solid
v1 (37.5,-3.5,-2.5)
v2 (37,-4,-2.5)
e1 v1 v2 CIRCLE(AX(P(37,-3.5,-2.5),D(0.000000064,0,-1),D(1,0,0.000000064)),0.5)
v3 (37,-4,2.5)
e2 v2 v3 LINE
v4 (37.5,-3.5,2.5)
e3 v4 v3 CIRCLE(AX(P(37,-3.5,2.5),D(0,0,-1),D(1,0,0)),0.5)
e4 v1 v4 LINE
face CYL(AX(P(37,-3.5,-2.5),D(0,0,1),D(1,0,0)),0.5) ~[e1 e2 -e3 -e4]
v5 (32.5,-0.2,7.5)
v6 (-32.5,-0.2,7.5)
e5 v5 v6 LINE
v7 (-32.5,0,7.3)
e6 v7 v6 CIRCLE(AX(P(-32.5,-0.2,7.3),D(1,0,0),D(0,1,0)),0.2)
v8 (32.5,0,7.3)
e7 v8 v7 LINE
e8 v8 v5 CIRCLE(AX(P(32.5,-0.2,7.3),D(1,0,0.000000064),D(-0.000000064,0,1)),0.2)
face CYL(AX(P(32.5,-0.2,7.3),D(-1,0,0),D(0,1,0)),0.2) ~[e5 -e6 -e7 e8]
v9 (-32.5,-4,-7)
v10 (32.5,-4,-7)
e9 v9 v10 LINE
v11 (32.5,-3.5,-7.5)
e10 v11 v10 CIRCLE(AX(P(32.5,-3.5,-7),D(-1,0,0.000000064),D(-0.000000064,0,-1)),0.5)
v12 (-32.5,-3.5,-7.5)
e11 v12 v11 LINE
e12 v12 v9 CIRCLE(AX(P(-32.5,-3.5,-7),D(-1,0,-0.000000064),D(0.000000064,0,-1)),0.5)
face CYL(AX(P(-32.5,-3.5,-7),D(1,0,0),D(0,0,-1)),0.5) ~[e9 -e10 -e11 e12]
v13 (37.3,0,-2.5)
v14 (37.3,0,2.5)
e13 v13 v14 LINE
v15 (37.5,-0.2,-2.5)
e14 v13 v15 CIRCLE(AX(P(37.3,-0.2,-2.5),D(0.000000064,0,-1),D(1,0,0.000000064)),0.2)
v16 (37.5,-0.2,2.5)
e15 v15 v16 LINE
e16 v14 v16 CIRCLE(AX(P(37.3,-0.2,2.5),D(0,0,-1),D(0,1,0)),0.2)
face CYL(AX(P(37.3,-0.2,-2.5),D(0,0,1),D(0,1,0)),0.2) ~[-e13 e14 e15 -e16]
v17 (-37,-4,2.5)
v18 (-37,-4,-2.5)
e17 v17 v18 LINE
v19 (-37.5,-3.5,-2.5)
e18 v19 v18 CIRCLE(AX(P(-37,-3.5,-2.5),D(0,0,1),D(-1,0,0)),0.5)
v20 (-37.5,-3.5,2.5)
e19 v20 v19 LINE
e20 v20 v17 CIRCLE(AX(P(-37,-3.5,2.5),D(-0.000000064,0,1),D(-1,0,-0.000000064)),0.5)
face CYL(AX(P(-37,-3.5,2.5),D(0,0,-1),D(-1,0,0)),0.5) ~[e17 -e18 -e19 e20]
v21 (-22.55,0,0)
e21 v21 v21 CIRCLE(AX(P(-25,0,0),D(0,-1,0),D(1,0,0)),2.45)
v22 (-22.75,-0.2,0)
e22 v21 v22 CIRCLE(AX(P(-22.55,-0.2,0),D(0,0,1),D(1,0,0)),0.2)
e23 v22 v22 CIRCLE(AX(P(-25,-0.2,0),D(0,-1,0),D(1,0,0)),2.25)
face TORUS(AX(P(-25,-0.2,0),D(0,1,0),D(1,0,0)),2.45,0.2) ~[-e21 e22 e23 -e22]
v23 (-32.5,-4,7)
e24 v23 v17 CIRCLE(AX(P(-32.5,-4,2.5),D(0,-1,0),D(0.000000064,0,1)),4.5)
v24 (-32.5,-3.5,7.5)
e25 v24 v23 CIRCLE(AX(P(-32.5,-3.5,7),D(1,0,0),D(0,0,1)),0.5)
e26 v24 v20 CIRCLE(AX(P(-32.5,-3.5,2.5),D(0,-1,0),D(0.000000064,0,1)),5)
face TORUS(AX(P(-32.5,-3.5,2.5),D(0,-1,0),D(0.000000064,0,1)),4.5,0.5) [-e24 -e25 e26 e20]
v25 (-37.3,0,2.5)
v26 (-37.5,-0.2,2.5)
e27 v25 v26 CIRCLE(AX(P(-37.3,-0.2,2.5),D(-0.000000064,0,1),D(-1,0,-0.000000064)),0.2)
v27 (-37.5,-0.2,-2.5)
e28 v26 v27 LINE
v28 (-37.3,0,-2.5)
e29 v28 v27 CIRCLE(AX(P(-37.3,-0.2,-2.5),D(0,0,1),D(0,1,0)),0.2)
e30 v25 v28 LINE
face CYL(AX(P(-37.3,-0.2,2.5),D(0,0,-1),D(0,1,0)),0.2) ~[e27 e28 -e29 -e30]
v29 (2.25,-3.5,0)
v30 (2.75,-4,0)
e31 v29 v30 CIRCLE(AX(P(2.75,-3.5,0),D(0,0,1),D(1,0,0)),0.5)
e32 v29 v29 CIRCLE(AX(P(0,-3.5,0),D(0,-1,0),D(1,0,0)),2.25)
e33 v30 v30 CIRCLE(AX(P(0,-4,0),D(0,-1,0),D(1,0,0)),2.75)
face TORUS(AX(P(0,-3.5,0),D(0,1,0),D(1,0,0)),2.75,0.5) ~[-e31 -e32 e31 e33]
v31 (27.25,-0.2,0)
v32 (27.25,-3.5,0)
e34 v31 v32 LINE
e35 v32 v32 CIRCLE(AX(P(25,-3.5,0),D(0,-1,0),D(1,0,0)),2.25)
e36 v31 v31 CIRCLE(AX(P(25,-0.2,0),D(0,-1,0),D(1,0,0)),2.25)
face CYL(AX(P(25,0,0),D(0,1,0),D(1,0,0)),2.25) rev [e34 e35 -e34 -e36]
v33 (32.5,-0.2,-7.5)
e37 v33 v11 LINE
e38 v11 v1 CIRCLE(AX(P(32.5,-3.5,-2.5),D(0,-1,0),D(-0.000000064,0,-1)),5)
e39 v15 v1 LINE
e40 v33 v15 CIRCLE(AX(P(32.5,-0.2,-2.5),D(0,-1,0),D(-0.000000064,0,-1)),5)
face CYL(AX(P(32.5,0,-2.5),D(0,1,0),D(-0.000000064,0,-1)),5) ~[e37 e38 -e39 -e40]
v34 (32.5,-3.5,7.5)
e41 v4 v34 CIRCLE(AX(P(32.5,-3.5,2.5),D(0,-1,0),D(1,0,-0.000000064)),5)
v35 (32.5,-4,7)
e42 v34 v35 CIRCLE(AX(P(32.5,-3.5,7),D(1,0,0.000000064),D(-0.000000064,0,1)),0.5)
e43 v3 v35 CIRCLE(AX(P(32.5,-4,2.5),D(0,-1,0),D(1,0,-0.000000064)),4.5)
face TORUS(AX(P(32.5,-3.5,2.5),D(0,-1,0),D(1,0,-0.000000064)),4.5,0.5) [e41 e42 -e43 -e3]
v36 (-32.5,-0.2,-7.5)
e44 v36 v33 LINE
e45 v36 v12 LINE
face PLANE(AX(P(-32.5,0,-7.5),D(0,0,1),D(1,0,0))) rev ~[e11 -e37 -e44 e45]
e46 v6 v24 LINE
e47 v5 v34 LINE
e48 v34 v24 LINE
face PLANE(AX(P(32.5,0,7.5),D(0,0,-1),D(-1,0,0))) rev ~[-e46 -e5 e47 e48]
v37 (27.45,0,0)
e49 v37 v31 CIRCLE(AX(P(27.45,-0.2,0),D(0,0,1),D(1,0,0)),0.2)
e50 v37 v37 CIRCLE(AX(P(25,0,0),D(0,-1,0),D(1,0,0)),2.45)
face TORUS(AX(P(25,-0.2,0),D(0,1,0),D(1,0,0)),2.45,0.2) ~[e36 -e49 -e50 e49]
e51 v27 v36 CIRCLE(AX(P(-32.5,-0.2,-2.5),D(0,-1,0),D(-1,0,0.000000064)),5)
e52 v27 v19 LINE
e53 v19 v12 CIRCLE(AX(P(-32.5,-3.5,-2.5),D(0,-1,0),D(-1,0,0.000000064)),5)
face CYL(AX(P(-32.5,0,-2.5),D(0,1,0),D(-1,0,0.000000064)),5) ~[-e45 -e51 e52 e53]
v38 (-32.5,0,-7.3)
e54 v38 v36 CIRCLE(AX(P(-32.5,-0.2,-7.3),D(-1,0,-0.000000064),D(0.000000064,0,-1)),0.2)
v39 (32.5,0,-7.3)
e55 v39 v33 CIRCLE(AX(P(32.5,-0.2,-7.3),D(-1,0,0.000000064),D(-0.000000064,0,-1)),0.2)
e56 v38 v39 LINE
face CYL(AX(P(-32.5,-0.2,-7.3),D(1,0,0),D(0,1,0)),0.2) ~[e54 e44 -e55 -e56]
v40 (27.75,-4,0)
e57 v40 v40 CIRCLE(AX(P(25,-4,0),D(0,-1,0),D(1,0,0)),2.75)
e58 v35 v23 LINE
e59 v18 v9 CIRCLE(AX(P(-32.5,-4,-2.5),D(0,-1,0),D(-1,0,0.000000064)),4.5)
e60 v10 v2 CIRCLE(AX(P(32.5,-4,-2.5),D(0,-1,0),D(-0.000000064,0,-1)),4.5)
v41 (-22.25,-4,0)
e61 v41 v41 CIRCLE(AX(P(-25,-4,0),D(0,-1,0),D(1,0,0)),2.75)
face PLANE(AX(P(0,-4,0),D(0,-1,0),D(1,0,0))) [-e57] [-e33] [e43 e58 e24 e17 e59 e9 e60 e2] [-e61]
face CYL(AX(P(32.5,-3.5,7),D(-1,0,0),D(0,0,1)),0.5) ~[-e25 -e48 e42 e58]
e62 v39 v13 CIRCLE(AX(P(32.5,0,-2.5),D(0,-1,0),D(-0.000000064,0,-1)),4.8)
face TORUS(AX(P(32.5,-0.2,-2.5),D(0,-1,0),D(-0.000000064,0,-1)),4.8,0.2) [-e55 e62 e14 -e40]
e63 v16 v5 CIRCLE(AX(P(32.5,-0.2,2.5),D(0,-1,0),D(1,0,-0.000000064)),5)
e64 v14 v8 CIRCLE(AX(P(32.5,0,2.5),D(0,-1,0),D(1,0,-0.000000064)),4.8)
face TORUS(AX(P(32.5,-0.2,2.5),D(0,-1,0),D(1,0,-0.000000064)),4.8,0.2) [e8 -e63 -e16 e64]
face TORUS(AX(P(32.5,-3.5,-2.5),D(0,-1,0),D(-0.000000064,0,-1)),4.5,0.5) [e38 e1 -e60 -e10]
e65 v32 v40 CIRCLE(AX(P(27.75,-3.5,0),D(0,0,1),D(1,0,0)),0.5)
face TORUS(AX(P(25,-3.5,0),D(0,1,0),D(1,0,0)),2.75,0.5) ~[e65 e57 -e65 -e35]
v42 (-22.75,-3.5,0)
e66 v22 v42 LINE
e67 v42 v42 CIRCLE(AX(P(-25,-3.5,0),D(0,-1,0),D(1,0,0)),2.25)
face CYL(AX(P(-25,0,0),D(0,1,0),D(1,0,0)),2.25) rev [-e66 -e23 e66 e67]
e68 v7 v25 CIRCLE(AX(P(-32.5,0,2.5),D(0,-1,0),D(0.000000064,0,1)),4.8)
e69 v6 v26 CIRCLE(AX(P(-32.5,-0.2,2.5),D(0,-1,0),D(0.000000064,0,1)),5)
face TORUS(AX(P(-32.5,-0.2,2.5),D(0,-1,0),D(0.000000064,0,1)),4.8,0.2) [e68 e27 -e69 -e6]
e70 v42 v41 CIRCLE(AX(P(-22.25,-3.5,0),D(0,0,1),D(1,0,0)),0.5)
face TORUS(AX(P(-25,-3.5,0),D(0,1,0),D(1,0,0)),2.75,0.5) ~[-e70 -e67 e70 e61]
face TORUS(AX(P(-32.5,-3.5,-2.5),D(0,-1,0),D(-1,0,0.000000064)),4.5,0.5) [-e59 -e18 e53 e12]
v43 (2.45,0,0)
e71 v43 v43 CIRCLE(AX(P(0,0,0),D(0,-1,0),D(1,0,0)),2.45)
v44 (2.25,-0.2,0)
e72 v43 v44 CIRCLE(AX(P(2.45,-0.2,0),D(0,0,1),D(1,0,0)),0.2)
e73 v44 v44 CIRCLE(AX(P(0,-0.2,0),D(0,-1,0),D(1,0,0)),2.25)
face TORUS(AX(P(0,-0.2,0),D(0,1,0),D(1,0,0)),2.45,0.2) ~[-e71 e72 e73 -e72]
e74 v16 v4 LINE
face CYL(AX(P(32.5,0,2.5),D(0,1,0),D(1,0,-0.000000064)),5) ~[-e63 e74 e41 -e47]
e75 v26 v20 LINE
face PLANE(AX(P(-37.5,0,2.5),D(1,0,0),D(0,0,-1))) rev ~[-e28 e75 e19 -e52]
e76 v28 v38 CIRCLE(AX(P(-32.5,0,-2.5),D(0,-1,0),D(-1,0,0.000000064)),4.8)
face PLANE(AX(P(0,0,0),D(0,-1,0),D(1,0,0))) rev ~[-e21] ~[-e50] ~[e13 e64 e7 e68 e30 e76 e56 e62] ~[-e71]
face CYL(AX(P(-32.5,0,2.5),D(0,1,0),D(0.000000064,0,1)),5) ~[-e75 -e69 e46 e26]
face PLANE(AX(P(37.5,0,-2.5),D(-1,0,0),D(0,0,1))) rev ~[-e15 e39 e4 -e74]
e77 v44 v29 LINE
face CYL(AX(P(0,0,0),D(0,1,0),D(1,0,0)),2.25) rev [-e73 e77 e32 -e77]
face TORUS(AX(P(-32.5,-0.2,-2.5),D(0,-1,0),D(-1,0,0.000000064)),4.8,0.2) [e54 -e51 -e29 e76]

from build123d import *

# Parameters (mm, degrees)
F0_R     = 2.25
F1_DEPTH = 4
F2_R     = 0.5
F3_R     = 0.2


with BuildPart() as f1:
    # F0 (on Front) → F1 (new body)
    with BuildSketch(Plane.XZ):
        with BuildLine():
            ThreePointArc((37.5, 2.5), (36.035534, 6.035534), (32.5, 7.5))
            Line((32.5, 7.5), (-32.5, 7.5))
            ThreePointArc((-32.5, 7.5), (-36.035534, 6.035534), (-37.5, 2.5))
            Line((-37.5, 2.5), (-37.5, -2.5))
            ThreePointArc((-37.5, -2.5), (-36.035534, -6.035534), (-32.5, -7.5))
            Line((-32.5, -7.5), (32.5, -7.5))
            ThreePointArc((32.5, -7.5), (36.035534, -6.035534), (37.5, -2.5))
            Line((37.5, -2.5), (37.5, 2.5))
        make_face()
        with Locations((-25, 0)):
            Circle(F0_R, mode=Mode.SUBTRACT)
        Circle(F0_R, mode=Mode.SUBTRACT)
        with Locations((25, 0)):
            Circle(F0_R, mode=Mode.SUBTRACT)
    extrude(amount=F1_DEPTH)

    # F2
    f2_edges = [f1.edges().sort_by_distance(p)[0] for p in [
        (36.035534, -4, -6.035534),
        (37.5, -4, 0),
        (36.035534, -4, 6.035534),
        (0, -4, 7.5),
        (-36.035534, -4, 6.035534),
        (-37.5, -4, 0),
        (-36.035534, -4, -6.035534),
        (0, -4, -7.5),
        (-27.25, -4, 0),
        (-2.25, -4, 0),
        (22.75, -4, 0),
    ]]
    fillet(f2_edges, radius=F2_R)

    # F3
    f3_edges = [f1.edges().sort_by_distance(p)[0] for p in [
        (36.035534, 0, -6.035534),
        (37.5, 0, 0),
        (36.035534, 0, 6.035534),
        (0, 0, 7.5),
        (-36.035534, 0, 6.035534),
        (-37.5, 0, 0),
        (-36.035534, 0, -6.035534),
        (0, 0, -7.5),
        (-27.25, 0, 0),
        (-2.25, 0, 0),
        (22.75, 0, 0),
    ]]
    fillet(f3_edges, radius=F3_R)


solid = f1.part
